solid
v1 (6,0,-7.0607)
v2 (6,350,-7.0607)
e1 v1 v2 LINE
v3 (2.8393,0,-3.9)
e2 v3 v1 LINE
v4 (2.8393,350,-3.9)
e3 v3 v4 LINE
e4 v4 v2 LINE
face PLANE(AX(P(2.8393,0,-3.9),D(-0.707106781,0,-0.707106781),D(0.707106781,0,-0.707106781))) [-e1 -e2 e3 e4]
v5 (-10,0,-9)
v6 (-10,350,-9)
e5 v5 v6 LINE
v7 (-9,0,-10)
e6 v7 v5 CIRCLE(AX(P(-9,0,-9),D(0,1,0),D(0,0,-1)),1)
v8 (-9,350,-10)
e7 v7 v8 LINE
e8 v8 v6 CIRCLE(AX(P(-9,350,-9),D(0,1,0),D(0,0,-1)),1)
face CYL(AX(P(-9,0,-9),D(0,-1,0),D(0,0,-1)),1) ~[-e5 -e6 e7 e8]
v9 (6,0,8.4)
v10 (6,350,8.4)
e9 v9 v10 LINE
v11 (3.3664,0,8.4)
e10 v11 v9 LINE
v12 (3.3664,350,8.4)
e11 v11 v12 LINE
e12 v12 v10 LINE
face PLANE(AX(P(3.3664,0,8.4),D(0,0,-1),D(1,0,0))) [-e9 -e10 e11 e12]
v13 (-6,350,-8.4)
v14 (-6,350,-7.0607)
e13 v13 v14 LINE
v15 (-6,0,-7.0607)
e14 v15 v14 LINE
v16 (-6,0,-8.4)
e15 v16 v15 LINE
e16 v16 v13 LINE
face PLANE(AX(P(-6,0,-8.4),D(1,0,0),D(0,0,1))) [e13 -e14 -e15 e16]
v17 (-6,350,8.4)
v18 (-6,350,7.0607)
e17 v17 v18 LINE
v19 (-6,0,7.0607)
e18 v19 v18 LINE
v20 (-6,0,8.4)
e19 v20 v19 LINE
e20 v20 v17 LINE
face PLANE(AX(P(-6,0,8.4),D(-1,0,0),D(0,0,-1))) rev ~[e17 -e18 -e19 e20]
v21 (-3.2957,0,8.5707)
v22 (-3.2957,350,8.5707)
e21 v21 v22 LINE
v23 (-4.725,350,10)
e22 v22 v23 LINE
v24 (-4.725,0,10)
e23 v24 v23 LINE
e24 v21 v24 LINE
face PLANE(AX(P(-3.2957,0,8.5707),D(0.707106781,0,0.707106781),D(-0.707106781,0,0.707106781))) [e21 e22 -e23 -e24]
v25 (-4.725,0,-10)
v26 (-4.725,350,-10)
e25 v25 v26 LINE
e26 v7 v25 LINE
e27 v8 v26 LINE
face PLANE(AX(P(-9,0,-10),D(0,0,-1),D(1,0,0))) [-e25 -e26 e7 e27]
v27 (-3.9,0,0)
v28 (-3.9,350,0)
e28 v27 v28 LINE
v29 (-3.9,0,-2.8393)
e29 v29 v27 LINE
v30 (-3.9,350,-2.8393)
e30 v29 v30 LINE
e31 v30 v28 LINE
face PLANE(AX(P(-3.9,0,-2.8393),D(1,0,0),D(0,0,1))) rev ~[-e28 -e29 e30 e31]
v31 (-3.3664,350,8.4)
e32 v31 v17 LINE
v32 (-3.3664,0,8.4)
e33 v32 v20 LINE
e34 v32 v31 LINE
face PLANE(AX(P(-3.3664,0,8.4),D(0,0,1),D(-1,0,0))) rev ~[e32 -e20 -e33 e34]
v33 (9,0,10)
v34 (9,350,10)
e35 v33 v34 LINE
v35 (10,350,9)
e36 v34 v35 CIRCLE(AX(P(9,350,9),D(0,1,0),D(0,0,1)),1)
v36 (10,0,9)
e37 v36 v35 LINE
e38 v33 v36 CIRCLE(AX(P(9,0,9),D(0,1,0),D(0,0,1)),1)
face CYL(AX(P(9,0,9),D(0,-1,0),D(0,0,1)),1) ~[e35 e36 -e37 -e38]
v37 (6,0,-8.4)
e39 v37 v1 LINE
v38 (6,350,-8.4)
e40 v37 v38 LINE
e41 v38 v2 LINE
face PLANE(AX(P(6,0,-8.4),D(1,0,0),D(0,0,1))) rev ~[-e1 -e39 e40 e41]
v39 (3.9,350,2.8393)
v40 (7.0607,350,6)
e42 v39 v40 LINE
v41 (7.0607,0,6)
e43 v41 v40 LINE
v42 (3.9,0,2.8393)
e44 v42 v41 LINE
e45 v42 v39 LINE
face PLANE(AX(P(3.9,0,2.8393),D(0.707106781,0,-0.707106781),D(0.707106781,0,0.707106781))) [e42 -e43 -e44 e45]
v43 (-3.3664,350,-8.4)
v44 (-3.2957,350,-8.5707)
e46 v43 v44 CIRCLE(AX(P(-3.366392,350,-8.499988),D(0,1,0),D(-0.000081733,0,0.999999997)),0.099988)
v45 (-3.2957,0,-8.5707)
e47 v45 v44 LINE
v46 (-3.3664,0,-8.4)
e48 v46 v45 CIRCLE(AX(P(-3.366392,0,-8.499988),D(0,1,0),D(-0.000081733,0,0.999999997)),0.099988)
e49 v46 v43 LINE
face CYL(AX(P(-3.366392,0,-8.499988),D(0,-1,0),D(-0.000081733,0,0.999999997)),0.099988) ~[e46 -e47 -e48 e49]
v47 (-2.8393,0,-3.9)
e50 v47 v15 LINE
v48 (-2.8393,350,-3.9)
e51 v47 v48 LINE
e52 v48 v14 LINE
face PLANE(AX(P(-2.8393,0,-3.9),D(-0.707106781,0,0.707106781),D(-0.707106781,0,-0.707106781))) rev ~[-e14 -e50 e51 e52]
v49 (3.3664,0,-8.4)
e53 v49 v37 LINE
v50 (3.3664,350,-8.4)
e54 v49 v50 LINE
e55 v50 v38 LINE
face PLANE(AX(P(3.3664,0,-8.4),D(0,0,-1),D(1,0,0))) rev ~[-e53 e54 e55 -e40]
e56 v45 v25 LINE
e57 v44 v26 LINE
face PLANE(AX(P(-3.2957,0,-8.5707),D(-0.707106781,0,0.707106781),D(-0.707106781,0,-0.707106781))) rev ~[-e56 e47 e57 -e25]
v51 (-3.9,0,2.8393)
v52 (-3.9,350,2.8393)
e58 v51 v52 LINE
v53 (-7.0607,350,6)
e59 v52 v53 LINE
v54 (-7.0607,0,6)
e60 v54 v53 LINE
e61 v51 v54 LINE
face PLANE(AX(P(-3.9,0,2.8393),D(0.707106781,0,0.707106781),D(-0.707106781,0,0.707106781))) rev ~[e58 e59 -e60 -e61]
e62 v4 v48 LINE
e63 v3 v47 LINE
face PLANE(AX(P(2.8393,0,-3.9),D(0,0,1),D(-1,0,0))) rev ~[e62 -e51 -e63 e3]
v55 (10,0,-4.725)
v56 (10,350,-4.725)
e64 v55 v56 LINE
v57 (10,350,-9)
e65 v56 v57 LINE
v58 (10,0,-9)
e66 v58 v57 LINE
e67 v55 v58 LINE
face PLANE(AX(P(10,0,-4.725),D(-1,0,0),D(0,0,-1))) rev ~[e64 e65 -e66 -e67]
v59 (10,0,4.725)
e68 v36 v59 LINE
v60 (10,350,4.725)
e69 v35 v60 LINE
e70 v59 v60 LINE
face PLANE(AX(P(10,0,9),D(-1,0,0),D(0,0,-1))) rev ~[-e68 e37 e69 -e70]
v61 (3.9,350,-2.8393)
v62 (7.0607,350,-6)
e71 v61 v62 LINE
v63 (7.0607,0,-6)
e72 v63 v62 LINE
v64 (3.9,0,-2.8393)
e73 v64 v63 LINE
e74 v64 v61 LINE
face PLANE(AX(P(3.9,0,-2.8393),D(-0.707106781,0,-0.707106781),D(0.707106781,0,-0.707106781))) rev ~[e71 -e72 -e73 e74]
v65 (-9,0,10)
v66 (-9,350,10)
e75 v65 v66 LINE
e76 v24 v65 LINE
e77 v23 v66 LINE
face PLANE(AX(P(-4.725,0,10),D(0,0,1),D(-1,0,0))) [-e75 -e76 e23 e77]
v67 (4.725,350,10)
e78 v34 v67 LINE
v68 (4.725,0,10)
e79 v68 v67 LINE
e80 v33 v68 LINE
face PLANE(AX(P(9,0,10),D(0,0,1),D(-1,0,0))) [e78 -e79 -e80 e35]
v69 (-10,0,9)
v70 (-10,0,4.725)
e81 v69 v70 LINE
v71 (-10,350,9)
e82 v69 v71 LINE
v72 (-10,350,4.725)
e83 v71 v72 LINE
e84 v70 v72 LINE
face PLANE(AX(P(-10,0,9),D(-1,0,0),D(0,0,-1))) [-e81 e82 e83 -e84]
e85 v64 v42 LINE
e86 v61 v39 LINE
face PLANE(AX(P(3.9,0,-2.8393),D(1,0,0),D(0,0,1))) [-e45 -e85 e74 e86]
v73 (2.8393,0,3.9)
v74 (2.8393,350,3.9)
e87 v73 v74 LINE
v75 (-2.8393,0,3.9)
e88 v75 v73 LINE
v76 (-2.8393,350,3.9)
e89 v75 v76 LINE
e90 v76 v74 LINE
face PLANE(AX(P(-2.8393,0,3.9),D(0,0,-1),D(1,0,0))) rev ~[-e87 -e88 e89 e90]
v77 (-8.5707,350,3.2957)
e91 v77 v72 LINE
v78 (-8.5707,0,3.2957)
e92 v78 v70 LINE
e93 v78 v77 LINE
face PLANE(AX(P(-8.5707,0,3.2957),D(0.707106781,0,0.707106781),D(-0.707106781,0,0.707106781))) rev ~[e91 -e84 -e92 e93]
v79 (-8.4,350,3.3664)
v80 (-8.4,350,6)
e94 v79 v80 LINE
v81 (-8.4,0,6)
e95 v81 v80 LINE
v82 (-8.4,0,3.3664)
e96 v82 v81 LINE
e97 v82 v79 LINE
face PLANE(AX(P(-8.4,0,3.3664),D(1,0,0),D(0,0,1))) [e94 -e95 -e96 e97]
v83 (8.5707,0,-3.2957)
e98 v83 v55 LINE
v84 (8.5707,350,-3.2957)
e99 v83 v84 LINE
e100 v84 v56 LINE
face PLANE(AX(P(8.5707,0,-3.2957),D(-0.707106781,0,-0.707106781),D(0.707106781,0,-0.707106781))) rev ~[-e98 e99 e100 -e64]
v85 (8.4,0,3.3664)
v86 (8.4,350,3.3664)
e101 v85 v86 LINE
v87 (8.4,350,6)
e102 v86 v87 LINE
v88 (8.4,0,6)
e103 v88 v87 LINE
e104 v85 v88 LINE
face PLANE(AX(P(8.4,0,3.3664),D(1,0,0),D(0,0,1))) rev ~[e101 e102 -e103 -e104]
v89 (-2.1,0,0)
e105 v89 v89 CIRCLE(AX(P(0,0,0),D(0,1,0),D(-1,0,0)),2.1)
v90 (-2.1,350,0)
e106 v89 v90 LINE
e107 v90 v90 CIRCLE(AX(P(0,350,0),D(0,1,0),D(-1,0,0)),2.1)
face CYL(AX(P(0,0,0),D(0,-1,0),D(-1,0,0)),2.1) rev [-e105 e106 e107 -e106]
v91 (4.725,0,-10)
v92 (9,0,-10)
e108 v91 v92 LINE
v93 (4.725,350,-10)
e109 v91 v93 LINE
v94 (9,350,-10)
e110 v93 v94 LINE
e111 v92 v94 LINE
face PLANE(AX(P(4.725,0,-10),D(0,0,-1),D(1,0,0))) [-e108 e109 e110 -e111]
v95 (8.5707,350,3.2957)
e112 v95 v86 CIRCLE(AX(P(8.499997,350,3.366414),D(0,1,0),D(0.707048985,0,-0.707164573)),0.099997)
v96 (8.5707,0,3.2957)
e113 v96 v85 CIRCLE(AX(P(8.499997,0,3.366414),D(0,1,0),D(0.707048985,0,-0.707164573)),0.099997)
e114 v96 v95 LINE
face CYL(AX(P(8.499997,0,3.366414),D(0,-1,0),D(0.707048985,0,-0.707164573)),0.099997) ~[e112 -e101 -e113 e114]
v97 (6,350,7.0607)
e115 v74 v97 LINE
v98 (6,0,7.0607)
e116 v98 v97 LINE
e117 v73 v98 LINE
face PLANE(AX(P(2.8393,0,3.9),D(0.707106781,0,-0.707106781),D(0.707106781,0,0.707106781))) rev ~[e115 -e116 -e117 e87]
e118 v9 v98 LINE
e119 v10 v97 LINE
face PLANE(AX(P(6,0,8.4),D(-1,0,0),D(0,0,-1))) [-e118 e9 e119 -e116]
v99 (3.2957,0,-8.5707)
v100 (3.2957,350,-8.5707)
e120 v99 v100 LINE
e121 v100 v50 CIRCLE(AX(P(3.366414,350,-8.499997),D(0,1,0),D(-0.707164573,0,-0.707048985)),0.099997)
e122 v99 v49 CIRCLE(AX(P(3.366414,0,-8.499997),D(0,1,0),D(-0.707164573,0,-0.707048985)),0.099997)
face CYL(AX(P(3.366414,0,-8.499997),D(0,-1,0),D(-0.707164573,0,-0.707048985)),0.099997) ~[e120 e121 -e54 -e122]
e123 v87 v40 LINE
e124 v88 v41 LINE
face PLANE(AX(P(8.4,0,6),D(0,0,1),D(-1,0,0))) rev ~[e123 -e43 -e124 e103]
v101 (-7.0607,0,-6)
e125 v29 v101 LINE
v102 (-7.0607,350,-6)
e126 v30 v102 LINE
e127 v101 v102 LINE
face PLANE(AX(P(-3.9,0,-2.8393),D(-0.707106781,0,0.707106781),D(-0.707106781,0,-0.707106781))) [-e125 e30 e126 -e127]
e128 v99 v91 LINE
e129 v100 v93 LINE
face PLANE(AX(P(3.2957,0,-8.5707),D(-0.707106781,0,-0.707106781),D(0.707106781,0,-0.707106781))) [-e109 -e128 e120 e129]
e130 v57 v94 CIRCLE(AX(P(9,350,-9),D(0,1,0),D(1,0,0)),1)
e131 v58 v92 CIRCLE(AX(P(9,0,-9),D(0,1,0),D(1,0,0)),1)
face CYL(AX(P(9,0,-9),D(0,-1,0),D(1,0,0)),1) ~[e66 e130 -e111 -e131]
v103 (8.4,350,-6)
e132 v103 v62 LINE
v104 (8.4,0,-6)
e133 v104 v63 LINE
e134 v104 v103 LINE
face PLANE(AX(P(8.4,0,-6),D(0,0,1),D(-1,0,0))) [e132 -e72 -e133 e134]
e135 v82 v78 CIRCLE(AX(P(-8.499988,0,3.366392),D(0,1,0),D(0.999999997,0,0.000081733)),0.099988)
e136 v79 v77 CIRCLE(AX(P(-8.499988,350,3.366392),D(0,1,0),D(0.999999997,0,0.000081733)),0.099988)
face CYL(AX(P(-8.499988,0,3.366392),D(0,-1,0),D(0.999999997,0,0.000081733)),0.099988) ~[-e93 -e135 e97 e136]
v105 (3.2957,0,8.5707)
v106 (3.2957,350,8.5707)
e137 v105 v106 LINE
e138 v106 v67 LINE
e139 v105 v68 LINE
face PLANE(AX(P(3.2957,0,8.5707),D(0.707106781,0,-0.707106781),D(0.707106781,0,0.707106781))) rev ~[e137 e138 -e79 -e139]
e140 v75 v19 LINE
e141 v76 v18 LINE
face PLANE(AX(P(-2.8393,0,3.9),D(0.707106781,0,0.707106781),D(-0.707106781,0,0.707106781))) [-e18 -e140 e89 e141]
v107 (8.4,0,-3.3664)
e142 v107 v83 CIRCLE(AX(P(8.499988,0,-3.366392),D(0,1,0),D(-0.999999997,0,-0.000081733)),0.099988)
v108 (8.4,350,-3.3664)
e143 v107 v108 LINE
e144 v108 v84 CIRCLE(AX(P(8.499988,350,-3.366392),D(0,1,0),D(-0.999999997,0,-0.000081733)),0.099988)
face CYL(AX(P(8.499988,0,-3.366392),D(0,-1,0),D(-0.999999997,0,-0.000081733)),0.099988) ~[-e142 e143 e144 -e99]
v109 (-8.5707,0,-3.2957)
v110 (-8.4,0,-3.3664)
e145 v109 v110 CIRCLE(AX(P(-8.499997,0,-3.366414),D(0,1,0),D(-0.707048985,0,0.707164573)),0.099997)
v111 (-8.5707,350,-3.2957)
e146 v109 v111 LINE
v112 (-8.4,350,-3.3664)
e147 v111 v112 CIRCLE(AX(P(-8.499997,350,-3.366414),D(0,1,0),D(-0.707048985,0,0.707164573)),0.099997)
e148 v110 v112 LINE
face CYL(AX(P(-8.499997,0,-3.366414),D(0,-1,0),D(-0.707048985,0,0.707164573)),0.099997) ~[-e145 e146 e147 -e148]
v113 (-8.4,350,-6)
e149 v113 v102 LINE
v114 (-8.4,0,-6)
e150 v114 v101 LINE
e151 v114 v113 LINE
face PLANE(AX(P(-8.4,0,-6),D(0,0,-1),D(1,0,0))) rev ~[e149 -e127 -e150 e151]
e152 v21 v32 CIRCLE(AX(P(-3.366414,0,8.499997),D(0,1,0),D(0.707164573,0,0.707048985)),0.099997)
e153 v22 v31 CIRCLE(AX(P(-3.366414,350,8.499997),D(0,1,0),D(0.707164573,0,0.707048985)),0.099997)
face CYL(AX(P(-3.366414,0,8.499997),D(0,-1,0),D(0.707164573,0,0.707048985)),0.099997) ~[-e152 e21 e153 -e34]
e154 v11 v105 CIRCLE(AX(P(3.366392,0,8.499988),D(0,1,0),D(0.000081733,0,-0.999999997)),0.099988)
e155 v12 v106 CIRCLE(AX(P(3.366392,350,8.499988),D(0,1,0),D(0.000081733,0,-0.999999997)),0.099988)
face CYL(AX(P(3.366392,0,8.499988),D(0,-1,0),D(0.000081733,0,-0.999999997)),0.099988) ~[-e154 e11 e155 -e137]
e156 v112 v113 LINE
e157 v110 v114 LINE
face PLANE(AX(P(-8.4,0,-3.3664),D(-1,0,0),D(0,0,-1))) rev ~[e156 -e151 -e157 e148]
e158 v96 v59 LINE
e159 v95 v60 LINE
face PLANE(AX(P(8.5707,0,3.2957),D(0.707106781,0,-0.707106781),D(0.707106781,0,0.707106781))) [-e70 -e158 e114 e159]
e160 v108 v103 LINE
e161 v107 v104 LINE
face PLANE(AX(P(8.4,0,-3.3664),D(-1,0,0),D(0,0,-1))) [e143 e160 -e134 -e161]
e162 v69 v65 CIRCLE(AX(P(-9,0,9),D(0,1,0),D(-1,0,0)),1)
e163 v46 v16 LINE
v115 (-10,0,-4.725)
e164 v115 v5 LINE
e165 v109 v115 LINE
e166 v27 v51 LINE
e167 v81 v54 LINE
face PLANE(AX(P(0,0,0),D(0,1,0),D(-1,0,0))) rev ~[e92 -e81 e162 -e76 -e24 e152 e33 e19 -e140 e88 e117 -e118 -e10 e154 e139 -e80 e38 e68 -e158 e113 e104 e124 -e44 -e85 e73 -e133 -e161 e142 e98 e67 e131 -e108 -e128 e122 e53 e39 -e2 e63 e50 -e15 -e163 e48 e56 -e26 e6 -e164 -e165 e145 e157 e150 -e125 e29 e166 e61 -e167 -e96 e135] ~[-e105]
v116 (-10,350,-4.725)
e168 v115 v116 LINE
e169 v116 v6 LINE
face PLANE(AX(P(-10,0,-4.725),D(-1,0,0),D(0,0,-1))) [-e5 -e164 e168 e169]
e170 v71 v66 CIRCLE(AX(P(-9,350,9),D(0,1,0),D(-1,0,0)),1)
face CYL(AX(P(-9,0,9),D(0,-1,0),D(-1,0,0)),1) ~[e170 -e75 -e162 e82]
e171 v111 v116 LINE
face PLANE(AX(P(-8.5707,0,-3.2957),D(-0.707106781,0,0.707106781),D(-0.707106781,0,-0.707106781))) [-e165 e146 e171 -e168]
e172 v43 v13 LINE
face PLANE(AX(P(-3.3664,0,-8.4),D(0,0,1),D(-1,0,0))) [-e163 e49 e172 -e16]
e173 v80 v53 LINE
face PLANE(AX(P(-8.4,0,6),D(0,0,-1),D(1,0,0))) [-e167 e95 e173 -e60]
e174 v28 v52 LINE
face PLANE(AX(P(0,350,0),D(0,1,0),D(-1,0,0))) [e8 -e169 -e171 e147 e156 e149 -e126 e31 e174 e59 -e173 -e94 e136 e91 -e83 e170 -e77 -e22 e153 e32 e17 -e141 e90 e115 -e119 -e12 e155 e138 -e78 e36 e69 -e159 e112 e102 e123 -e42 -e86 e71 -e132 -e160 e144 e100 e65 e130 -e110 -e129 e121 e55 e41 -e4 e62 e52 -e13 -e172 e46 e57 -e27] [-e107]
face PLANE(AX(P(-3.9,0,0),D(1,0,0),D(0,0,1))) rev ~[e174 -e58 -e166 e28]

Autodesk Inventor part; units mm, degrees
ref_plane "YZ Plane" through (0, 0, 0) normal (1, 0, 0) x (0, 1, 0)
ref_plane "XZ Plane" through (0, 0, 0) normal (0, 1, 0) x (-1, 0, 0)
ref_plane "XY Plane" through (0, 0, 0) normal (0, 0, 1) x (1, 0, 0)
sketch "Sketch1" plane through (0, 0, 0) normal (0, 1, 0) x (-1, 0, 0)
  line L0 (3.9, -2.8393) -> (3.9, 2.8393)
  line L1 (2.8393, 3.9) -> (-2.8393, 3.9)
  line L2 (-2.8393, -3.9) -> (2.8393, -3.9)
  line L3 (8.5707, 3.2957) -> (10, 4.725)
  line L4 (8.5707, -3.2957) -> (10, -4.725)
  line L5 (8.4, 3.3664) -> (8.4, 6)
  line L6 (8.4, 6) -> (7.0607, 6)
  line L7 (10, 9) -> (10, 4.725)
  line L8 (10, -4.725) -> (10, -9)
  line L9 (3.9, 2.8393) -> (7.0607, 6)
  line L10 (3.2957, 8.5707) -> (4.725, 10)
  line L11 (3.3664, 8.4) -> (6, 8.4)
  line L12 (6, 8.4) -> (6, 7.0607)
  line L13 (2.8393, 3.9) -> (6, 7.0607)
  line L14 (3.9, 0) -> (8.4, 0)
  line L15 (8.4, -3.3664) -> (8.4, -6)
  line L16 (8.4, -6) -> (7.0607, -6)
  line L17 (3.9, -2.8393) -> (7.0607, -6)
  line L18 (3.2957, -8.5707) -> (4.725, -10)
  line L19 (3.3664, -8.4) -> (6, -8.4)
  line L20 (6, -8.4) -> (6, -7.0607)
  line L21 (2.8393, -3.9) -> (6, -7.0607)
  line L22 (-3.9, -2.8393) -> (-3.9, 2.8393)
  line L23 (-8.5707, 3.2957) -> (-10, 4.725)
  line L24 (-8.5707, -3.2957) -> (-10, -4.725)
  line L25 (-8.4, 3.3664) -> (-8.4, 6)
  line L26 (-8.4, 6) -> (-7.0607, 6)
  line L27 (-10, 9) -> (-10, 4.725)
  line L28 (-10, -4.725) -> (-10, -9)
  line L29 (-3.9, 2.8393) -> (-7.0607, 6)
  line L30 (-3.2957, 8.5707) -> (-4.725, 10)
  line L31 (-3.3664, 8.4) -> (-6, 8.4)
  line L32 (-6, 8.4) -> (-6, 7.0607)
  line L33 (-2.8393, 3.9) -> (-6, 7.0607)
  line L34 (-3.9, -2.8393) -> (-7.0607, -6)
  line L35 (-8.4, -6) -> (-7.0607, -6)
  line L36 (-8.4, -3.3664) -> (-8.4, -6)
  line L37 (-2.8393, -3.9) -> (-6, -7.0607)
  line L38 (-6, -8.4) -> (-6, -7.0607)
  line L39 (-3.3664, -8.4) -> (-6, -8.4)
  line L40 (-3.2957, -8.5707) -> (-4.725, -10)
  line L41 (-9, 10) -> (-4.725, 10)
  line L42 (4.725, 10) -> (9, 10)
  line L43 (9, -10) -> (4.725, -10)
  line L44 (-4.725, -10) -> (-9, -10)
  circle A0 centre (0, 0) radius 2.1
  arc A1 (10, 9) -> (9, 10) centre (9, 9) ccw
  arc A2 (9, -10) -> (10, -9) centre (9, -9) ccw
  arc A3 (-10, -9) -> (-9, -10) centre (-9, -9) ccw
  arc A4 (-9, 10) -> (-10, 9) centre (-9, 9) ccw
  arc A5 (8.4, 3.3664) -> (8.5707, 3.2957) centre (8.5, 3.3664) ccw
  arc A6 (3.2957, 8.5707) -> (3.3664, 8.4) centre (3.3664, 8.5) ccw
  arc A7 (8.5707, -3.2957) -> (8.4, -3.3664) centre (8.5, -3.3664) ccw
  arc A8 (3.3664, -8.4) -> (3.2957, -8.5707) centre (3.3664, -8.5) ccw
  arc A9 (-3.2957, -8.5707) -> (-3.3664, -8.4) centre (-3.3664, -8.5) ccw
  arc A10 (-8.4, -3.3664) -> (-8.5707, -3.2957) centre (-8.5, -3.3664) ccw
  arc A11 (-8.5707, 3.2957) -> (-8.4, 3.3664) centre (-8.5, 3.3664) ccw
  arc A12 (-3.3664, 8.4) -> (-3.2957, 8.5707) centre (-3.3664, 8.5) ccw
  dimension "d11" = 1
extrude "Extrusion1" add sketch "Sketch1" along normal blind 350
properties part number "VSLOT20x20x350"
